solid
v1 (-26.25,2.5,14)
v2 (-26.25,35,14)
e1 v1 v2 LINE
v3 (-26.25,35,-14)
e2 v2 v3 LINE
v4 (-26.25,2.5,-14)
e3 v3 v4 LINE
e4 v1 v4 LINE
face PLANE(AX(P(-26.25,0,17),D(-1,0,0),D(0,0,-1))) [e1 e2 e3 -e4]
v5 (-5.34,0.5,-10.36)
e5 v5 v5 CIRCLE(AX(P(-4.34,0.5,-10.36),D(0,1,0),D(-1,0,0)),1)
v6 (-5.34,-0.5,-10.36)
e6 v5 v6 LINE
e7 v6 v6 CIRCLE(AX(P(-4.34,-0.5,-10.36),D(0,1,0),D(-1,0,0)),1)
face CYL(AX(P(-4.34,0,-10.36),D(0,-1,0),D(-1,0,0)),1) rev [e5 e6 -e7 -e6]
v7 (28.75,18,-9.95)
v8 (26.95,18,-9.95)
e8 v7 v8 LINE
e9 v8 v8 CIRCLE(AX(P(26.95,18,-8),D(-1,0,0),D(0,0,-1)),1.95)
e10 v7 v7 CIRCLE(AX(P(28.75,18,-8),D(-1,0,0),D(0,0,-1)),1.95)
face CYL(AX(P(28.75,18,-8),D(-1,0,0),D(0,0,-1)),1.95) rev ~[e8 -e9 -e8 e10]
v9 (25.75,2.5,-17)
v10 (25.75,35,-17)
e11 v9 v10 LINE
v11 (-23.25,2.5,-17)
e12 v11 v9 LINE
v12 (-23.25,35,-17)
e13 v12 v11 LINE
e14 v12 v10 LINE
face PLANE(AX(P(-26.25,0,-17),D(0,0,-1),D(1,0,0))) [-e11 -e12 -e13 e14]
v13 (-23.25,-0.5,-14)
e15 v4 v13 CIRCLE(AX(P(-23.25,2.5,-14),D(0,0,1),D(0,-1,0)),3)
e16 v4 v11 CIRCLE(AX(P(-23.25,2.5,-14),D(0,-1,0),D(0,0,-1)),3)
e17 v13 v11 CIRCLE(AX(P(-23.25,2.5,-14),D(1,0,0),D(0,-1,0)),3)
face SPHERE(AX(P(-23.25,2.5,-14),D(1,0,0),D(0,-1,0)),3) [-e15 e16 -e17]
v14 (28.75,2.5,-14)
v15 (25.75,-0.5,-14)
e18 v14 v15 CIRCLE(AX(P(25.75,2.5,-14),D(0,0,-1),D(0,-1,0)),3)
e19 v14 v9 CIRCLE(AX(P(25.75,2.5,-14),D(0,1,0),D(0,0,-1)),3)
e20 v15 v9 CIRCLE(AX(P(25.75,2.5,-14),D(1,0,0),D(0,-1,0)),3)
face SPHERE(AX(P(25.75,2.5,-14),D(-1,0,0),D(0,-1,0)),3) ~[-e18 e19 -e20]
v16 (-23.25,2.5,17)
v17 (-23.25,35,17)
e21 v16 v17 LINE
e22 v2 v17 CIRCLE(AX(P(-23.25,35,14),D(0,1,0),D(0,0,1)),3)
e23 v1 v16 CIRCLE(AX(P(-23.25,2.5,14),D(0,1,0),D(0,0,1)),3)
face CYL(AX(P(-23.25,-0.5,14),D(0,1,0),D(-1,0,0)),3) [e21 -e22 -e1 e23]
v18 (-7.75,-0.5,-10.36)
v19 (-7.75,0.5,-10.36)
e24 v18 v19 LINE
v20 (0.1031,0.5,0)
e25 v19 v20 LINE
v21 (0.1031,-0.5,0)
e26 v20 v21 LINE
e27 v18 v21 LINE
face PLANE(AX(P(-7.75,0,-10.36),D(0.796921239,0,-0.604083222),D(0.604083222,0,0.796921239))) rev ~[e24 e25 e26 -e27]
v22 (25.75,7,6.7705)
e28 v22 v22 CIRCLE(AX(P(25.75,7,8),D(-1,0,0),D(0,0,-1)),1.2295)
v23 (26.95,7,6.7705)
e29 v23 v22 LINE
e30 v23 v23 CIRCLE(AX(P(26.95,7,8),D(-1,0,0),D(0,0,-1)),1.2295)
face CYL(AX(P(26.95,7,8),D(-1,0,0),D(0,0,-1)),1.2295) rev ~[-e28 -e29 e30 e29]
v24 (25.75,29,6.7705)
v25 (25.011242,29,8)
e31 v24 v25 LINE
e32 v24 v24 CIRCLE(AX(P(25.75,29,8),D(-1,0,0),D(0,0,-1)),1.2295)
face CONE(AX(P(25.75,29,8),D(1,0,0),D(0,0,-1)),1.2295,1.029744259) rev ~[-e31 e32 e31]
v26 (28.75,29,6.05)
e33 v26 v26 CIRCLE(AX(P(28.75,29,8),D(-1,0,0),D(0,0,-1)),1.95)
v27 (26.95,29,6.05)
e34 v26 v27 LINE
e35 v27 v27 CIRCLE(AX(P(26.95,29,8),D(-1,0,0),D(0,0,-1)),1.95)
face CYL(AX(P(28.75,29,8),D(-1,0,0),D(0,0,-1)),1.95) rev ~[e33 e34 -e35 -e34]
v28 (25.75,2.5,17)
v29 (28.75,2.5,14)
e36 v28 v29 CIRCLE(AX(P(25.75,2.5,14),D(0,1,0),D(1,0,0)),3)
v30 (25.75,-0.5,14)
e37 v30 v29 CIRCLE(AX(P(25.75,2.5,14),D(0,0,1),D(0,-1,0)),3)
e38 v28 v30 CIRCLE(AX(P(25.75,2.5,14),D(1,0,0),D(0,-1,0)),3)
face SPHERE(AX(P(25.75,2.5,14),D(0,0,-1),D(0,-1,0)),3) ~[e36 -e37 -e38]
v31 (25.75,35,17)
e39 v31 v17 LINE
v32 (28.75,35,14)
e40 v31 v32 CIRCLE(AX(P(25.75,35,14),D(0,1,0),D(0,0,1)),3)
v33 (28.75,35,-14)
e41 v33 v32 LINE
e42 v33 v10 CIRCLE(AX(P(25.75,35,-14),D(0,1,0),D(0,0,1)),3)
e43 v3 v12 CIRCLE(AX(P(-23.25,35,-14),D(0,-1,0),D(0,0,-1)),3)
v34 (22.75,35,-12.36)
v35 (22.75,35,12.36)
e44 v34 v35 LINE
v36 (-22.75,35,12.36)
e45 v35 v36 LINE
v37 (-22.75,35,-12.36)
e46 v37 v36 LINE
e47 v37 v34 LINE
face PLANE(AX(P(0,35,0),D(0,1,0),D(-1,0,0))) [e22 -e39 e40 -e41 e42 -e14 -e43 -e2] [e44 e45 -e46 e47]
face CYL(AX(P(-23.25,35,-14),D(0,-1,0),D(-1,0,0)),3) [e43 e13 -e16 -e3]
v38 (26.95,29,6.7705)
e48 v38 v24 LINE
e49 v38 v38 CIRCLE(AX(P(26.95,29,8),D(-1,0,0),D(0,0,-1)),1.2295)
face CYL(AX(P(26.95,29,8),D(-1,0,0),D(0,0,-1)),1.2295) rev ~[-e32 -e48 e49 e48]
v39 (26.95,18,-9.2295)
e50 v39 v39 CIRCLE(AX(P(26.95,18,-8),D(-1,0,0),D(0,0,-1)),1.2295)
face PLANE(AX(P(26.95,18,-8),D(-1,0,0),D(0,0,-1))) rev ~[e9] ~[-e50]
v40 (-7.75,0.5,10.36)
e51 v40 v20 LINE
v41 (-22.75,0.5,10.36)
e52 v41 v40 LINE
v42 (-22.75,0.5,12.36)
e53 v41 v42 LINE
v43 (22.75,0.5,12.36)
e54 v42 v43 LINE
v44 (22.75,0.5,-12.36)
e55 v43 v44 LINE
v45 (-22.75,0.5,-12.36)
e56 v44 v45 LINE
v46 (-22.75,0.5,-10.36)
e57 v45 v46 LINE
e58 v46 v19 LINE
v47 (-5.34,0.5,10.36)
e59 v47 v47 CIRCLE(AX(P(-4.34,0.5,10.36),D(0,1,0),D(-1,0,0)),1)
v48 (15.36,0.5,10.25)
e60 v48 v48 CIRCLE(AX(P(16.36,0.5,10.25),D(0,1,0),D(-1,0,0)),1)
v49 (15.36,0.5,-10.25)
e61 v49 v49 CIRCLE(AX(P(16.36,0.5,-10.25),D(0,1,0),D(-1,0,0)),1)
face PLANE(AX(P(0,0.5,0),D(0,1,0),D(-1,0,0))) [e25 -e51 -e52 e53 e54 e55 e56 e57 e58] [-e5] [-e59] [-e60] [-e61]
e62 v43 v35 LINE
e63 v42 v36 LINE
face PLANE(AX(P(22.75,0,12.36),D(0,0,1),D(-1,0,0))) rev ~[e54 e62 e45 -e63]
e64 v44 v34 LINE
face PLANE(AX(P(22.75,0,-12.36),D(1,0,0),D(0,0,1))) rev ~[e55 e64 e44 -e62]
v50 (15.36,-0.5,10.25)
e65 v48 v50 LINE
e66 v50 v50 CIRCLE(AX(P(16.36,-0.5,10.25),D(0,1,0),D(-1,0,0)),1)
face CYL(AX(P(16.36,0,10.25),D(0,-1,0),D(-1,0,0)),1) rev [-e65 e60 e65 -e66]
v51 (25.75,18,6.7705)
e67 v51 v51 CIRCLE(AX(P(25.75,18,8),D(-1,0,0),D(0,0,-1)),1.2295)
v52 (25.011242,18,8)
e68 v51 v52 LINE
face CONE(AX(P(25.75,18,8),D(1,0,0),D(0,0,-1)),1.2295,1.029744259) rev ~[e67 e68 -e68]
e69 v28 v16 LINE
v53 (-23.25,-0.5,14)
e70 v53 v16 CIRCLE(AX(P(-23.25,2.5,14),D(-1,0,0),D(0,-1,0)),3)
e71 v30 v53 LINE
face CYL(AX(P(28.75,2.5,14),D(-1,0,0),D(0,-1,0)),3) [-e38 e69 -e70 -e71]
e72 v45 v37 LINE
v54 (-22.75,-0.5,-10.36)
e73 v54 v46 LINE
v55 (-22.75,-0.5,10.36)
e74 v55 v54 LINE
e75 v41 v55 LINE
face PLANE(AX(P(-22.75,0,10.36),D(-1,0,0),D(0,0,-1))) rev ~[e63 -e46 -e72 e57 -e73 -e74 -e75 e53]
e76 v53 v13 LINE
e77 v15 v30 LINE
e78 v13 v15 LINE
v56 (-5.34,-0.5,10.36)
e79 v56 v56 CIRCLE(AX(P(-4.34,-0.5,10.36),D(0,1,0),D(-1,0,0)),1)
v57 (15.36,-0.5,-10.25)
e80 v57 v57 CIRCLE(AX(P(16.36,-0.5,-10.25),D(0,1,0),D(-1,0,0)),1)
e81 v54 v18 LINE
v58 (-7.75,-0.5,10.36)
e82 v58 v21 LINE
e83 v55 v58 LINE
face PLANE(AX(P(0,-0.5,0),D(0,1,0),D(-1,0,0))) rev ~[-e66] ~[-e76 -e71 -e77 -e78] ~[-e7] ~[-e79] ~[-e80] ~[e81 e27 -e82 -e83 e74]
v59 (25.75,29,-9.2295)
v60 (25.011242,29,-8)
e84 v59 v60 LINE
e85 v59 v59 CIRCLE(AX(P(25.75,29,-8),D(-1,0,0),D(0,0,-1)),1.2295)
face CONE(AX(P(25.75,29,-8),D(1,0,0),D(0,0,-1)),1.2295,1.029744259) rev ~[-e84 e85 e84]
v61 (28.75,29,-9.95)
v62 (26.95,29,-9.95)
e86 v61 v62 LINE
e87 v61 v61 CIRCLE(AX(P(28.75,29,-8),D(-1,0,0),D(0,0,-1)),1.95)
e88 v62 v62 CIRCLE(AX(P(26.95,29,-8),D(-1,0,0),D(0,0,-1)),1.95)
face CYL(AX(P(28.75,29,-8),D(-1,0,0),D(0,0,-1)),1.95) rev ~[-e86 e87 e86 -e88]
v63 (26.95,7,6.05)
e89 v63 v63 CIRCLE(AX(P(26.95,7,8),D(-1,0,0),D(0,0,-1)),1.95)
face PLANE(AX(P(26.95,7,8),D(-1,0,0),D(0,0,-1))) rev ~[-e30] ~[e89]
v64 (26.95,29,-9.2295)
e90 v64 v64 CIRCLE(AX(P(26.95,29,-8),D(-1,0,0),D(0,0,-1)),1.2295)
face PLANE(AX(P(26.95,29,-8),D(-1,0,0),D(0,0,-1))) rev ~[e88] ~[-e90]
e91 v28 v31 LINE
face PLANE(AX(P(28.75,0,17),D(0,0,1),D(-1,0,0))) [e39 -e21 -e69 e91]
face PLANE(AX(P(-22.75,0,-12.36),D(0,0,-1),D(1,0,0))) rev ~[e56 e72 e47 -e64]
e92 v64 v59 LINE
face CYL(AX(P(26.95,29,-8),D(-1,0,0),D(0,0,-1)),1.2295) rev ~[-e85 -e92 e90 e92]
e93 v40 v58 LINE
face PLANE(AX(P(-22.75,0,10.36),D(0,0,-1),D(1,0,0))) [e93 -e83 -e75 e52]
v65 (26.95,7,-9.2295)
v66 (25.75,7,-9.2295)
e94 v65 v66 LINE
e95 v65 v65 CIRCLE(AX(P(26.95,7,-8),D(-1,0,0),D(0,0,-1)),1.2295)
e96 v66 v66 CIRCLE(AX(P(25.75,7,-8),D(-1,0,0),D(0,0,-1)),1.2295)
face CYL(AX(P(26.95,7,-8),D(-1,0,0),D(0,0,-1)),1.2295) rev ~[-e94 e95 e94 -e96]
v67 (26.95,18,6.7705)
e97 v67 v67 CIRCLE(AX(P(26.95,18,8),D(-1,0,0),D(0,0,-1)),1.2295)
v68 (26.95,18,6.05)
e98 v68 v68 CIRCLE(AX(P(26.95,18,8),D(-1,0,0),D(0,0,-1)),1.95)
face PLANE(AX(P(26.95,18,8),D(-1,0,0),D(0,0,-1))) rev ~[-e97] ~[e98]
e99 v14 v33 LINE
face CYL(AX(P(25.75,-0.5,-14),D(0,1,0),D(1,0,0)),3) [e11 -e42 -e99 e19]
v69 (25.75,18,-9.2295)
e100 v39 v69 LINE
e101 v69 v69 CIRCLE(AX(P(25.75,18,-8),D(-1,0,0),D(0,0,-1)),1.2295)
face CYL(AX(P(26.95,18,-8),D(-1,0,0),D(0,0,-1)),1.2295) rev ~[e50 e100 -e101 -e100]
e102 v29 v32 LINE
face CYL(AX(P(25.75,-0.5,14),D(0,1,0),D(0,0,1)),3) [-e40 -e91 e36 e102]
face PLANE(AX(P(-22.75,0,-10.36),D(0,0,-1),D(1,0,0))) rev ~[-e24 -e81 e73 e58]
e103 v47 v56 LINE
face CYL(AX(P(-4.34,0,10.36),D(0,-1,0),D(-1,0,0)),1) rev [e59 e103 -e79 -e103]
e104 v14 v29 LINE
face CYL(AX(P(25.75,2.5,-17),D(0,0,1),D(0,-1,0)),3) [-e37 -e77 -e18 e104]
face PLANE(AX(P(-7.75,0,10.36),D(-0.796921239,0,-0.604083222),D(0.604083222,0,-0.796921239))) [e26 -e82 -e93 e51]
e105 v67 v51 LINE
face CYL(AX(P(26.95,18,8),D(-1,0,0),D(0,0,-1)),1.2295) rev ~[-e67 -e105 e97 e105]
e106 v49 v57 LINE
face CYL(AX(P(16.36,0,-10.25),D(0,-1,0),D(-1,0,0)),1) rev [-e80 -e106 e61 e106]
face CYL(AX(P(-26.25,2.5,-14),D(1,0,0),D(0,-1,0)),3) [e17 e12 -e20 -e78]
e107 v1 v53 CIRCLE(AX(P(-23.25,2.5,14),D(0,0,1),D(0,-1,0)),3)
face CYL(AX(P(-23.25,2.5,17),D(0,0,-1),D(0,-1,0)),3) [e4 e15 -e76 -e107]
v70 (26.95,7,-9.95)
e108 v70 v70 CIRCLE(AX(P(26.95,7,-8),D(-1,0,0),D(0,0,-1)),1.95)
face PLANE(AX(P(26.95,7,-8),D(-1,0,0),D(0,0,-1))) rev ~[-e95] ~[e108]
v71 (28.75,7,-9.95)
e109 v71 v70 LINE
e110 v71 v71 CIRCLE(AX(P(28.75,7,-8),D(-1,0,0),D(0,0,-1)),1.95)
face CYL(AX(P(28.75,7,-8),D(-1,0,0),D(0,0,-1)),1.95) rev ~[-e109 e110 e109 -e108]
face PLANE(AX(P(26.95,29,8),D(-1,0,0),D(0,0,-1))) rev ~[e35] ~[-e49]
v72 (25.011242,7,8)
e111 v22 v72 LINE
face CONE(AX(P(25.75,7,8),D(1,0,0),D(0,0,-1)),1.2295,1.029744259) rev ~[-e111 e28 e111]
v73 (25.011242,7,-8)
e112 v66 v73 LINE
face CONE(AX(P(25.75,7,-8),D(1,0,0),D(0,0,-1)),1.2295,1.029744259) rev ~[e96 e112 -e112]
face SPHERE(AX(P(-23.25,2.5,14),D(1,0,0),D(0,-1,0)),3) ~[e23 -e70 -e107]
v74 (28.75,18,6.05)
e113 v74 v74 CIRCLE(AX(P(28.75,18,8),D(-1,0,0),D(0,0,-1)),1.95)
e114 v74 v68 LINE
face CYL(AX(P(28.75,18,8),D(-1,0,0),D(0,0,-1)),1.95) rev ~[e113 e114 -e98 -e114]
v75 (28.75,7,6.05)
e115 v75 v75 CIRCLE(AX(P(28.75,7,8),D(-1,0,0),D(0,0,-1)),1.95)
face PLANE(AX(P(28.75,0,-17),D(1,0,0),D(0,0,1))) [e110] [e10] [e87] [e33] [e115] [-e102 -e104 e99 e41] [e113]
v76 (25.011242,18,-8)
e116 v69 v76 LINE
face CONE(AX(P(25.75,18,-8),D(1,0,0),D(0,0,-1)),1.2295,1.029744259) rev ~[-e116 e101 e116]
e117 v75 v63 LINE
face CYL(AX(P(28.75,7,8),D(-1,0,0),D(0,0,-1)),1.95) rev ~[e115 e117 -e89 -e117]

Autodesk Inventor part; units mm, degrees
ref_plane "YZ Plane" through (0, 0, 0) normal (1, 0, 0) x (0, 1, 0)
ref_plane "XZ Plane" through (0, 0, 0) normal (0, 1, 0) x (-1, 0, 0)
ref_plane "XY Plane" through (0, 0, 0) normal (0, 0, 1) x (1, 0, 0)
sketch "Sketch1" plane through (0, 0, 0) normal (0, 1, 0) x (-1, 0, 0)
  line L0 (22.75, -10.36) -> (7.75, -10.36)
  line L1 (7.75, -10.36) -> (-0.1031, 0)
  circle A0 centre (4.34, -10.36) radius 1
  line L2 (22.75, 10.36) -> (7.75, 10.36)
  circle A1 centre (12.64, 0) radius 9.6 construction
  line L3 (22.75, 12.36) -> (22.75, -12.36)
  circle A2 centre (4.34, 10.36) radius 1
  line L4 (7.75, 10.36) -> (-0.1031, 0)
  line L5 (26.25, 17) -> (26.25, -17)
  line L6 (22.75, -12.36) -> (-22.75, -12.36)
  line L7 (22.75, 0) -> (-22.75, 0) construction
  line L8 (26.25, -17) -> (-28.75, -17)
  line L9 (26.25, -17) -> (-28.75, 17) construction
  line L10 (-28.75, -17) -> (26.25, 17) construction
  line L11 (-22.75, 12.36) -> (22.75, 12.36)
  line L12 (-28.75, 17) -> (26.25, 17)
  line L13 (-28.75, -17) -> (-28.75, 17)
  circle A3 centre (-16.36, 10.25) radius 1
  line L14 (-22.75, -12.36) -> (-22.75, 12.36)
  circle A4 centre (-16.36, -10.25) radius 1
  point P0 (0, 0)
  point P1 (-1.25, 0)
  point P2 (0, 0)
  point P3 (22.75, -10.36)
  dimension "d17" = 35
  dimension "d18" = 0
  dimension "d0" = 55
  dimension "d1" = 34
  dimension "d2" = 45.5
  dimension "d3" = 24.72
  dimension "d4" = 2
  dimension "d6" = 18.41
  dimension "d7" = 20.5
  dimension "d8" = 19.2
  dimension "d9" = 10.11
  dimension "d10" = 13
  dimension "d11" = 15
  dimension "d12" = 3.5
  dimension "d13" = 2
  dimension "d68" = 3.41
  dimension "d69" = 20.7
extrude "Extrusion1" add sketch "Sketch1" along normal mid plane 1 contours L3 L6 L14 L11 L2 L4 L1 L0 | L5 L8 L13 L12
extrude "Extrusion2" add sketch "Sketch1" along normal blind 35 contours L5 L8 L13 L12
fillet "Fillet1" radius 3 8 edges at (1.25, -0.5, -17) (28.75, -0.5, 0) (1.25, -0.5, 17) (-26.25, -0.5, 0) (28.75, 17.25, -17) (28.75, 17.25, 17) (-26.25, 17.25, 17) (-26.25, 17.25, -17)
sketch "Sketch6" plane through (28.75, 2.5, 14) normal (1, 0, 0) x (0, 0, -1)
  circle A0 centre (22, 4.5) radius 1.5
  line L0 (0, 32.5) -> (28, 32.5) projected
  line L1 (14, 32.5) -> (14, 0)
  line L2 (28, 0) -> (0, 0) projected
  line L3 (14, 43.5) -> (14, 11)
  circle A1 centre (22, 15.5) radius 1.5
  line L4 (14, 54.5) -> (14, 22)
  circle A2 centre (22, 26.5) radius 1.5
  line L5 (-2, 32.5) -> (-2, 0)
  circle A3 centre (6, 4.5) radius 1.5
  line L6 (-2, 43.5) -> (-2, 11)
  circle A4 centre (6, 15.5) radius 1.5
  line L7 (-2, 54.5) -> (-2, 22)
  circle A5 centre (6, 26.5) radius 1.5
  point P0 (14, -2.5)
  dimension "d50" = 3
  dimension "d51" = 4.5
  dimension "d54" = 11
  dimension "d57" = 16
hole "Hole2" at (28.75, 29, 8) at (28.75, 29, -8) at (28.75, 18, -8) at (28.75, 18, 8) at (28.75, 7, 8) at (28.75, 7, -8) direction (-1, 0, 0) diameter 2.459 depth 3 tip angle 118 counterbore diameter 3.9 counterbore depth 1.8 thread size "M3x0.5" class "6H" standard "ISO Metric profile"
properties part number "basketback"
